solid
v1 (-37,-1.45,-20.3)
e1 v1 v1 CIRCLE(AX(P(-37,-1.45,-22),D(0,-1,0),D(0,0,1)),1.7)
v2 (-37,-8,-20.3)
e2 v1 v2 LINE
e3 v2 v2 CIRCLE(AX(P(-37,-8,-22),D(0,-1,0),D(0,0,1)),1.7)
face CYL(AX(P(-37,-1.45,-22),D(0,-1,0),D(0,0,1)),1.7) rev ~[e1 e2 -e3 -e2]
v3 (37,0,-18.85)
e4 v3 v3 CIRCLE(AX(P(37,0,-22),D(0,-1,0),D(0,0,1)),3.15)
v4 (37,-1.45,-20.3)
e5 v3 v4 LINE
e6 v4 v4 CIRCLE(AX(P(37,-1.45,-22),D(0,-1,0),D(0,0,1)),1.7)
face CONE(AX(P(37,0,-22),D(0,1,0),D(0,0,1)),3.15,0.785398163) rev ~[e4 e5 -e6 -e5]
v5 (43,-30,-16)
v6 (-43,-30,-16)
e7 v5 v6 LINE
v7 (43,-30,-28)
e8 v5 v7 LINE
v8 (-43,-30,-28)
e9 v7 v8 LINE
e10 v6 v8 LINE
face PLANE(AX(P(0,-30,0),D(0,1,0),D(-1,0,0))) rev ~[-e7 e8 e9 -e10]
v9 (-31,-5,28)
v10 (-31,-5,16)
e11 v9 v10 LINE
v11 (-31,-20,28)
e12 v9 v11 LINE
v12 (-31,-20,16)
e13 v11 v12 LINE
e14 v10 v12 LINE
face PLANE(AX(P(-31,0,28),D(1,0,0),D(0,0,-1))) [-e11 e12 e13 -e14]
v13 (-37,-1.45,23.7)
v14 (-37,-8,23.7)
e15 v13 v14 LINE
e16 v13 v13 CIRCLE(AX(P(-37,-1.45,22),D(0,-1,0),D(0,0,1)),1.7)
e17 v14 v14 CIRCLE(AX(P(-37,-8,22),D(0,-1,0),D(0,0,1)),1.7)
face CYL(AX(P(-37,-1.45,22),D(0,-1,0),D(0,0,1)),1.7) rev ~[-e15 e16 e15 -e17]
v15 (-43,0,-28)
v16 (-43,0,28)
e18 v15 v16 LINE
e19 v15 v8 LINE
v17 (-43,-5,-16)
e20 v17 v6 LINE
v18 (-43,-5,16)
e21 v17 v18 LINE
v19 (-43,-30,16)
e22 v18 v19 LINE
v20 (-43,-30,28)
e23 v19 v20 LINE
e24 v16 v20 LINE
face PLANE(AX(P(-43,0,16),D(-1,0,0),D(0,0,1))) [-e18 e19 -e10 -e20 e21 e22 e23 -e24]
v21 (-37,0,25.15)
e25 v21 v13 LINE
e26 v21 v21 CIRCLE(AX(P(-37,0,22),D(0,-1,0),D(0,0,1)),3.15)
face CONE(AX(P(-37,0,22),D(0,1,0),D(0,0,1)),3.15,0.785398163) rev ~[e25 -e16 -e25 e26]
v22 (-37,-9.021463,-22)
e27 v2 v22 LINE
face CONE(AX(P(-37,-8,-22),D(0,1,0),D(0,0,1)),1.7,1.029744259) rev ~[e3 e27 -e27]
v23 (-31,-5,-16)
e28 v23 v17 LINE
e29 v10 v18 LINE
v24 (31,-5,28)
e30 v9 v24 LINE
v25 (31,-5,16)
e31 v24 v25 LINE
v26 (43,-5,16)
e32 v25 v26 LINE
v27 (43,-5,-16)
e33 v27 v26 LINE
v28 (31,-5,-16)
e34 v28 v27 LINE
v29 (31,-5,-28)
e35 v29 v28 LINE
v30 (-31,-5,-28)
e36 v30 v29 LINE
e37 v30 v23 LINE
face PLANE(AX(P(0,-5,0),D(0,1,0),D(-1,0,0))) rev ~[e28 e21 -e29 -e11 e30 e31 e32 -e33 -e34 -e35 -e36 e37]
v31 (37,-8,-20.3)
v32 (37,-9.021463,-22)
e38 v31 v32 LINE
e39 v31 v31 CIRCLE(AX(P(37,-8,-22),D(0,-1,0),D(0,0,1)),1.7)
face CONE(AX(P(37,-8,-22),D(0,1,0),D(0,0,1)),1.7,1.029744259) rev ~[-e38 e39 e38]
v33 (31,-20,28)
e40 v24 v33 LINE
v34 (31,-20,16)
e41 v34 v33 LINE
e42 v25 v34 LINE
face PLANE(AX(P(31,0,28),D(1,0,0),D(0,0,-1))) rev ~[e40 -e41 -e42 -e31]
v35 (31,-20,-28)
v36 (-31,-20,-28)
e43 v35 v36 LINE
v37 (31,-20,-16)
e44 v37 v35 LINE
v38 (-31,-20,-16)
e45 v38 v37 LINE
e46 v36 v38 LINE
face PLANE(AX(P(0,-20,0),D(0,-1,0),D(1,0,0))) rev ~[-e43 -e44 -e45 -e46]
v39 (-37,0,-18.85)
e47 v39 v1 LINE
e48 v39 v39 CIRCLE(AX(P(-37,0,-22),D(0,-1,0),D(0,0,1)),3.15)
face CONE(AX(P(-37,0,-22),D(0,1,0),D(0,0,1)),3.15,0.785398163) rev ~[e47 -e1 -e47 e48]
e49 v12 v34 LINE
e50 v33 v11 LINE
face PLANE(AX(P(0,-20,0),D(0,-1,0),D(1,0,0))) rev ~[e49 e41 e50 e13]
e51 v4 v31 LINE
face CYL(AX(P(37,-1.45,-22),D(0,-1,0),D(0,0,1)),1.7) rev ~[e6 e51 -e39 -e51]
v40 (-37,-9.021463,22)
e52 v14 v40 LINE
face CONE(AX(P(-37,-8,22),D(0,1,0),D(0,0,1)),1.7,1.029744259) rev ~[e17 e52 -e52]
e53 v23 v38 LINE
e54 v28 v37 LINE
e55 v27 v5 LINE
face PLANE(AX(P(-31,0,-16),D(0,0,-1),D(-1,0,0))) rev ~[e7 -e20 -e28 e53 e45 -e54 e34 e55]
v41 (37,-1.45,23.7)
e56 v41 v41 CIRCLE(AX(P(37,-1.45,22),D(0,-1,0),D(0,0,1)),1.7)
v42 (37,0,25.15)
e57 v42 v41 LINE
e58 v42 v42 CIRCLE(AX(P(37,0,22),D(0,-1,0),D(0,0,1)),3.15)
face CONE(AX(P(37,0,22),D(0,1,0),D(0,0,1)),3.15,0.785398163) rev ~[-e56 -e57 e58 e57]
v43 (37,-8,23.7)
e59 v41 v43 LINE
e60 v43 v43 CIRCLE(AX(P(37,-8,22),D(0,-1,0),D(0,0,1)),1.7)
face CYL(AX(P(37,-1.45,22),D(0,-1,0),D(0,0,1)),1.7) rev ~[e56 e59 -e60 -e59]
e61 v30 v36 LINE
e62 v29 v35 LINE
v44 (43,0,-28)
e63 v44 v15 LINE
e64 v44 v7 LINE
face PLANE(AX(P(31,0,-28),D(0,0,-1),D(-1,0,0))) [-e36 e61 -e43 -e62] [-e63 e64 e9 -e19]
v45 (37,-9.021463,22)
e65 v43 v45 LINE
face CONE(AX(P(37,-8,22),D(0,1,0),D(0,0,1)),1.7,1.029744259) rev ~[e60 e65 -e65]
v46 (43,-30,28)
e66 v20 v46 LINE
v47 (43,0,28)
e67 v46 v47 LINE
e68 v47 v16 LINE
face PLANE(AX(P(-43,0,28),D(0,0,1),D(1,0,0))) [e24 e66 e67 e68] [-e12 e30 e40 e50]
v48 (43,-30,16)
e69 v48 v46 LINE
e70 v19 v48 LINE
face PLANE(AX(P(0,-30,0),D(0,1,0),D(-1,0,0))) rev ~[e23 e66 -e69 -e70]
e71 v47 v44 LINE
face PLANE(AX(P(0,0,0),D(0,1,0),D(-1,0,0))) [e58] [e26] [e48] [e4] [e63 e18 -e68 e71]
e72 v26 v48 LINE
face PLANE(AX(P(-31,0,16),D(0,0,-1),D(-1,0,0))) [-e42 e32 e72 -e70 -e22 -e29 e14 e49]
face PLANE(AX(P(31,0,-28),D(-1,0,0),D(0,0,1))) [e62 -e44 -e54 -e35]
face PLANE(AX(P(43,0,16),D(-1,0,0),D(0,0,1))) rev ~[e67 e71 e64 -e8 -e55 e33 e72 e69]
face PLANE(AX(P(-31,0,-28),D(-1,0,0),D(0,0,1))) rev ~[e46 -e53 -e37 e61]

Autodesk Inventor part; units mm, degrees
ref_plane "YZ Plane" through (0, 0, 0) normal (1, 0, 0) x (0, 1, 0)
ref_plane "XZ Plane" through (0, 0, 0) normal (0, 1, 0) x (-1, 0, 0)
ref_plane "XY Plane" through (0, 0, 0) normal (0, 0, 1) x (1, 0, 0)
sketch "Sketch1" plane through (0, 0, 0) normal (0, 1, 0) x (-1, 0, 0)
  line L0 (-37, 22) -> (37, 22) construction
  line L1 (37, 22) -> (37, -22) construction
  line L2 (37, -22) -> (-37, -22) construction
  line L3 (-37, -22) -> (-37, 22) construction
  line L4 (-37, 22) -> (37, -22) construction
  line L5 (37, 22) -> (-37, -22) construction
  line L6 (-47, 32) -> (47, 32) construction
  line L7 (47, 32) -> (47, -32) construction
  line L8 (47, -32) -> (-47, -32) construction
  line L9 (-47, -32) -> (-47, 32) construction
  line L10 (-47, 32) -> (47, -32) construction
  line L11 (47, 32) -> (-47, -32) construction
  line L12 (31, 16) -> (43, 16)
  line L13 (43, 16) -> (43, 28)
  line L14 (43, 28) -> (31, 28)
  line L15 (31, 28) -> (31, 16)
  line L16 (31, 16) -> (43, 28) construction
  line L17 (43, 16) -> (31, 28) construction
  line L18 (47, 0) -> (-47, 0) construction
  line L19 (0, 32) -> (0, -32) construction
  line L20 (37, -22) -> (-37, 22) construction
  line L21 (47, -32) -> (-47, 32) construction
  line L22 (31, -16) -> (43, -16)
  line L23 (43, -16) -> (43, -28)
  line L24 (43, -28) -> (31, -28)
  line L25 (31, -28) -> (31, -16)
  line L26 (31, -16) -> (43, -28) construction
  line L27 (43, -16) -> (31, -28) construction
  line L28 (-31, 16) -> (-43, 16)
  line L29 (-43, 16) -> (-43, 28)
  line L30 (-43, 28) -> (-31, 28)
  line L31 (-31, 28) -> (-31, 16)
  line L32 (-31, -16) -> (-43, -16)
  line L33 (-31, -28) -> (-31, -16)
  line L34 (-43, -28) -> (-31, -28)
  line L35 (-43, -16) -> (-43, -28)
  line L36 (43, 28) -> (-43, 28)
  line L37 (-43, 28) -> (-43, -28)
  line L38 (-43, -28) -> (43, -28)
  line L39 (43, -28) -> (43, 28)
  point P0 (0, 0)
  dimension "d0" = 74
  dimension "d1" = 44
  dimension "d2" = 10
  dimension "d3" = 10
  dimension "d4" = 12
  dimension "d5" = 12
extrude "Extrusion1" add sketch "Sketch1" against normal blind 5
extrude "Extrusion2" add sketch "Sketch1" against normal blind 30 contours L15 L14 L13 L12 | L23 L24 L25 L22 | L31 L28 L29 L30 | L34 L35 L32 L33
hole "Hole2" at (-37, 0, 22) at (-37, 0, -22) at (37, 0, -22) at (37, 0, 22) direction (0, -1, 0) diameter 3.4 depth 8 tip angle 118 countersink diameter 6.3 countersink angle 90 clearance for "Flat Head Machine Screw" size "M3" standard "Ansi Metric M Profile"
sketch "Sketch4" plane through (0, -30, 0) normal (0, -1, 0) x (1, 0, 0)
  line L0 (31, 28) -> (-31, 28) projected
  line L1 (-43, 16) -> (-31, 16) projected
  line L2 (31, 28) -> (-31, 28)
  line L3 (-31, 28) -> (-31, 16)
  line L4 (-31, 16) -> (31, 16)
  line L5 (31, 16) -> (31, 28)
  line L6 (43, -28) -> (-43, -28) projected
  line L7 (-43, -16) -> (-31, -16) projected
  line L8 (31, -28) -> (-31, -28)
  line L9 (-31, -28) -> (-31, -16)
  line L10 (-31, -16) -> (31, -16)
  line L11 (31, -16) -> (31, -28)
  point P0 (0, 0)
extrude "Extrusion3" add sketch "Sketch4" against normal blind 10
properties part number "PCB_Housing_01"
